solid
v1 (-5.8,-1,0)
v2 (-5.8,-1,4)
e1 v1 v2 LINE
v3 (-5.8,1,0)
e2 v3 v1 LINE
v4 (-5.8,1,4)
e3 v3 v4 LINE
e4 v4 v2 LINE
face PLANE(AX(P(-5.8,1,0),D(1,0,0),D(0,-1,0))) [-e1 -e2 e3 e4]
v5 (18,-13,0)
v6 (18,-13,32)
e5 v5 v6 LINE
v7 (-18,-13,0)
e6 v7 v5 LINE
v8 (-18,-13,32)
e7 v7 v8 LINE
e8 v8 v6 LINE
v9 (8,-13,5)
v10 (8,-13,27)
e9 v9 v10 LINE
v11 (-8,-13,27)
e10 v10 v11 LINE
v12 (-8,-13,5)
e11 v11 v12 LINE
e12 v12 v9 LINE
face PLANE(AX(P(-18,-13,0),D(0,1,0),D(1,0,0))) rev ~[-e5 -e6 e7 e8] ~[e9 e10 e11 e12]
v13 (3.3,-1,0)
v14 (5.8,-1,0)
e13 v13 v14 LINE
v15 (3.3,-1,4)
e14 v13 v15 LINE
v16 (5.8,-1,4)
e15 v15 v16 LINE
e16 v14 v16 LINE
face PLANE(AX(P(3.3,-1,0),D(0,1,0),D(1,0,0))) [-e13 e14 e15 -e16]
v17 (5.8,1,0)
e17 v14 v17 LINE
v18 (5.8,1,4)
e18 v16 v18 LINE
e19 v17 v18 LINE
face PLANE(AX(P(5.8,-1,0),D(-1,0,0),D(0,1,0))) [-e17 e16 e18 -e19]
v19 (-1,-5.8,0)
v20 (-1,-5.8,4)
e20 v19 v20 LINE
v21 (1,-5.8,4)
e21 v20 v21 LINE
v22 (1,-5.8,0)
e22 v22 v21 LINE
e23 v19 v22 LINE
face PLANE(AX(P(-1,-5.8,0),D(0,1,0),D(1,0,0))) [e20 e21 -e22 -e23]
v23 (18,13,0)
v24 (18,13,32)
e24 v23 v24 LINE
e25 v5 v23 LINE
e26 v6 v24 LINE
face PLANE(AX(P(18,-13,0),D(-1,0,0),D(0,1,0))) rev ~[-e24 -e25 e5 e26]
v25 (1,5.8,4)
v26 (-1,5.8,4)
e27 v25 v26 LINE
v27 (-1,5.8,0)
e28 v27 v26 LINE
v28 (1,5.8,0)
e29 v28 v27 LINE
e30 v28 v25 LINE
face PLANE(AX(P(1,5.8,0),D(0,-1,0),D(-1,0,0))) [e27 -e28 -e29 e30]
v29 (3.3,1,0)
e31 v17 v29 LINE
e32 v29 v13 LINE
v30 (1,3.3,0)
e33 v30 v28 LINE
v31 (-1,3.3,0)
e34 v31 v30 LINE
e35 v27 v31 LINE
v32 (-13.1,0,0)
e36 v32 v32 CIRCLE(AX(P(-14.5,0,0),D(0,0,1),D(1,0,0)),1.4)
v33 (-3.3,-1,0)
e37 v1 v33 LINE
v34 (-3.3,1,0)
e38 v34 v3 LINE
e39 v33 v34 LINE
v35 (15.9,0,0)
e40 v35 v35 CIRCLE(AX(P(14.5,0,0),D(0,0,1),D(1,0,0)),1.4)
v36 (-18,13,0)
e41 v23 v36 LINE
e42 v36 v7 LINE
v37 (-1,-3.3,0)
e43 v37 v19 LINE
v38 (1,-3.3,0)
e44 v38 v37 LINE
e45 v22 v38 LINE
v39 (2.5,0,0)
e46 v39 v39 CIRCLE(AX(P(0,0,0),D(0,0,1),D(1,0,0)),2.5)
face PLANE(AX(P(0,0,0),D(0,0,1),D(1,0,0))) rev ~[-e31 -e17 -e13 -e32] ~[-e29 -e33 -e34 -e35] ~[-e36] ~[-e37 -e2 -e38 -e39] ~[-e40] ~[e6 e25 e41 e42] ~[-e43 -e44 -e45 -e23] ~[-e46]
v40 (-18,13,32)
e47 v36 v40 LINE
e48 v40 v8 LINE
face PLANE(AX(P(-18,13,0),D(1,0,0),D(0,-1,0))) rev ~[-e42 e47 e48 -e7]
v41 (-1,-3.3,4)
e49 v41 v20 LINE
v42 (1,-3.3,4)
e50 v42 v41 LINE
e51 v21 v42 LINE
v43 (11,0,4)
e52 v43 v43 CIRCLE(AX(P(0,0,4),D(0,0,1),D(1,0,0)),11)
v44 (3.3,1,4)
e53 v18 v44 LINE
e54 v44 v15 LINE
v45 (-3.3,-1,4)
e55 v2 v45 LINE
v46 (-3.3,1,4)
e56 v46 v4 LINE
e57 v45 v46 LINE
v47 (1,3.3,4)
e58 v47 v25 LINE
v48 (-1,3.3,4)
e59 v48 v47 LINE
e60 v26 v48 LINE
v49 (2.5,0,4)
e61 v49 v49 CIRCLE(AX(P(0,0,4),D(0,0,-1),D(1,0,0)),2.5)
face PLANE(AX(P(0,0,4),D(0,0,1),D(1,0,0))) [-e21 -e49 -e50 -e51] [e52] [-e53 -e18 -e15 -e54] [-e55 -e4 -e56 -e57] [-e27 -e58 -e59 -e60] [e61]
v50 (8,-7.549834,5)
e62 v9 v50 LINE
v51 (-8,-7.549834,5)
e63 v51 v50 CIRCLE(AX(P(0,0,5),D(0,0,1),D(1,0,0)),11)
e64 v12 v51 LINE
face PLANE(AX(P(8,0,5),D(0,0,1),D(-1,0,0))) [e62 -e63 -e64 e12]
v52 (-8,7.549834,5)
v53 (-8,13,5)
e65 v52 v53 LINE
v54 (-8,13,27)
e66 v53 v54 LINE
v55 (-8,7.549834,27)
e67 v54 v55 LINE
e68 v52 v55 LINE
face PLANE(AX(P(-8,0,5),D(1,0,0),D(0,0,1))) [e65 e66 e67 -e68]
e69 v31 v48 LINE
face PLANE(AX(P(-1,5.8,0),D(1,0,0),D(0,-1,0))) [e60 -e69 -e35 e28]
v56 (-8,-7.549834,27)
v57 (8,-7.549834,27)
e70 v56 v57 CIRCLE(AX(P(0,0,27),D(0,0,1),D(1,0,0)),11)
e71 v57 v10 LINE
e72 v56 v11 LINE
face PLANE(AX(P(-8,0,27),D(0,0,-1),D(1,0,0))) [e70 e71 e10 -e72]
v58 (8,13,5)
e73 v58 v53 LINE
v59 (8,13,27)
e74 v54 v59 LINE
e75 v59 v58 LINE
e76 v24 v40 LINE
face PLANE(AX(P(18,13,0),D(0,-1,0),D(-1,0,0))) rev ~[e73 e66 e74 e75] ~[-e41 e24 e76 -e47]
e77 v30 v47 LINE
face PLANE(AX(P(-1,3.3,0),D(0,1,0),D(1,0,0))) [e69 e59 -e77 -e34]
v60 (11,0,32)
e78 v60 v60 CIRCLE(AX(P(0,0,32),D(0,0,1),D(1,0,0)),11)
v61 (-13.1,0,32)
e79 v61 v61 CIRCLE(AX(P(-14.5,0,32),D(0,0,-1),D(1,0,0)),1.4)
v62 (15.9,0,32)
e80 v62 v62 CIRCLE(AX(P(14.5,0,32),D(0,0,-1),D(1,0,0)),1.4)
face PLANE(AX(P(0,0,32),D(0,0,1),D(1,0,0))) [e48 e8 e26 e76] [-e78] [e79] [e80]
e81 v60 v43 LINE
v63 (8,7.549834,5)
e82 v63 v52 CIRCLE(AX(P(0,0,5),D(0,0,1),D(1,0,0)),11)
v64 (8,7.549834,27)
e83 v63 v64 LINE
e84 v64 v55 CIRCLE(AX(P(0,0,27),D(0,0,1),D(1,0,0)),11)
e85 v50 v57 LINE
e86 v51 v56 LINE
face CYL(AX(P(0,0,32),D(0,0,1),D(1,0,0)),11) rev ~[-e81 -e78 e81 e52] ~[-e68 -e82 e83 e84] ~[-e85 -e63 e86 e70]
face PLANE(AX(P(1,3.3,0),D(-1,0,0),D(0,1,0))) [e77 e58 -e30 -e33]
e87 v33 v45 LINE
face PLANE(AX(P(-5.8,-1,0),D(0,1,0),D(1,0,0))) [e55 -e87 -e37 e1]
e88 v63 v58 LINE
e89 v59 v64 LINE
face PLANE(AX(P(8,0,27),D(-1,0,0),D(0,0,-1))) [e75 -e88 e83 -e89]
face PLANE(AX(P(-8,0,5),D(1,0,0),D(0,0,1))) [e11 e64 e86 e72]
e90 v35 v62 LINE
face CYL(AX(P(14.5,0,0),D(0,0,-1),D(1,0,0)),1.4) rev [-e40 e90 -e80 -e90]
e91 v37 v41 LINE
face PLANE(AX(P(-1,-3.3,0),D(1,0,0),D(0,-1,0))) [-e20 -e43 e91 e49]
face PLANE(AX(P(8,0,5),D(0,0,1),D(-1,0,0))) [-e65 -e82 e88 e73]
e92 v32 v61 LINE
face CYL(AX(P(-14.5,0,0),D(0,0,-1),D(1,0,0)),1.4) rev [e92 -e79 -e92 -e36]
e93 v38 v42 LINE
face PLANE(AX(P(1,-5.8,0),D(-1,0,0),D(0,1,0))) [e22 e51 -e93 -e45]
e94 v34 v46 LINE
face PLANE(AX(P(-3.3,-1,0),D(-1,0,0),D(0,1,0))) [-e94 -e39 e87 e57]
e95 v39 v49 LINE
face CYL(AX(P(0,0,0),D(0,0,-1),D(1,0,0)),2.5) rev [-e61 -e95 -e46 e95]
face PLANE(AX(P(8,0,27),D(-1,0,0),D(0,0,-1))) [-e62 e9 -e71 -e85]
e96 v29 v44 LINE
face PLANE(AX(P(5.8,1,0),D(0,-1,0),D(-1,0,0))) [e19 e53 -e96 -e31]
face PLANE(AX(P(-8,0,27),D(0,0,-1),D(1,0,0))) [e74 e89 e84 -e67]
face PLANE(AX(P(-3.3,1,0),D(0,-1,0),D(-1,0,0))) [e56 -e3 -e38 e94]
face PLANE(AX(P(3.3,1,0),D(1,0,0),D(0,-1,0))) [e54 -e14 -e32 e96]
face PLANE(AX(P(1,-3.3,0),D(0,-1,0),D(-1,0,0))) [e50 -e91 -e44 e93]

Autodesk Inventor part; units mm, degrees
ref_plane "YZ Plane" through (0, 0, 0) normal (1, 0, 0) x (0, 1, 0)
ref_plane "XZ Plane" through (0, 0, 0) normal (0, 1, 0) x (-1, 0, 0)
sketch "Skizze1" plane through (0, 0, 0) normal (0, 0, 1) x (1, 0, 0)
  line L0 (-18, -13) -> (18, -13)
  line L1 (18, -13) -> (18, 13)
  line L2 (18, 13) -> (-18, 13)
  line L3 (-18, 13) -> (-18, -13)
extrude "Extrusion1" add sketch "Skizze1" along normal blind 32
sketch "Skizze2" plane through (0, 0, 0) normal (0, 0, 1) x (1, 0, 0)
  circle A0 centre (0, 0) radius 2.5
extrude "Extrusion2" cut sketch "Skizze2" along normal blind 4.2
sketch "Skizze3" plane through (0, 0, 0) normal (0, 0, 1) x (1, 0, 0)
  line L0 (3.3, -1) -> (5.8, -1)
  line L1 (5.8, -1) -> (5.8, 1)
  line L2 (5.8, 1) -> (3.3, 1)
  line L3 (3.3, 1) -> (3.3, -1)
extrude "Extrusion3" cut sketch "Skizze3" along normal blind 4.2
sketch "Skizze4" plane through (0, 0, 0) normal (0, 0, 1) x (1, 0, 0)
  line L0 (-5.8, -1) -> (-3.3, -1)
  line L1 (-3.3, -1) -> (-3.3, 1)
  line L2 (-3.3, 1) -> (-5.8, 1)
  line L3 (-5.8, 1) -> (-5.8, -1)
extrude "Extrusion4" cut sketch "Skizze4" along normal blind 4.2
sketch "Skizze5" plane through (0, 0, 0) normal (0, 0, 1) x (1, 0, 0)
  line L0 (-1, 3.3) -> (1, 3.3)
  line L1 (1, 3.3) -> (1, 5.8)
  line L2 (1, 5.8) -> (-1, 5.8)
  line L3 (-1, 5.8) -> (-1, 3.3)
extrude "Extrusion5" cut sketch "Skizze5" along normal blind 4.2
sketch "Skizze6" plane through (0, 0, 0) normal (0, 0, 1) x (1, 0, 0)
  line L0 (-1, -5.8) -> (1, -5.8)
  line L1 (1, -5.8) -> (1, -3.3)
  line L2 (1, -3.3) -> (-1, -3.3)
  line L3 (-1, -3.3) -> (-1, -5.8)
extrude "Extrusion6" cut sketch "Skizze6" along normal blind 4.2
sketch "Skizze7" plane through (0, 0, 0) normal (0, 0, 1) x (1, 0, 0)
  circle A0 centre (-14.5, 0) radius 1.4
extrude "Extrusion7" cut sketch "Skizze7" along normal blind 32.2
sketch "Skizze8" plane through (0, 0, 0) normal (0, 0, 1) x (1, 0, 0)
  circle A0 centre (14.5, 0) radius 1.4
extrude "Extrusion8" cut sketch "Skizze8" along normal blind 32.2
ref_plane "Arbeitsebene1" through (0, 0, 32) normal (0, 0, 1) x (1, 0, 0)
sketch "Skizze9" plane through (0, 0, 32) normal (0, 0, 1) x (1, 0, 0)
  circle A0 centre (0, 0) radius 11
extrude "Extrusion9" cut sketch "Skizze9" against normal blind 28
sketch "Skizze10" plane through (0, 0, 0) normal (0, 1, 0) x (-1, 0, 0)
  line L0 (-8, 5) -> (8, 5)
  line L1 (8, 5) -> (8, 27)
  line L2 (8, 27) -> (-8, 27)
  line L3 (-8, 27) -> (-8, 5)
extrude "Extrusion10" cut sketch "Skizze10" along normal mid plane 30
properties part number "Motorblock_N20"
